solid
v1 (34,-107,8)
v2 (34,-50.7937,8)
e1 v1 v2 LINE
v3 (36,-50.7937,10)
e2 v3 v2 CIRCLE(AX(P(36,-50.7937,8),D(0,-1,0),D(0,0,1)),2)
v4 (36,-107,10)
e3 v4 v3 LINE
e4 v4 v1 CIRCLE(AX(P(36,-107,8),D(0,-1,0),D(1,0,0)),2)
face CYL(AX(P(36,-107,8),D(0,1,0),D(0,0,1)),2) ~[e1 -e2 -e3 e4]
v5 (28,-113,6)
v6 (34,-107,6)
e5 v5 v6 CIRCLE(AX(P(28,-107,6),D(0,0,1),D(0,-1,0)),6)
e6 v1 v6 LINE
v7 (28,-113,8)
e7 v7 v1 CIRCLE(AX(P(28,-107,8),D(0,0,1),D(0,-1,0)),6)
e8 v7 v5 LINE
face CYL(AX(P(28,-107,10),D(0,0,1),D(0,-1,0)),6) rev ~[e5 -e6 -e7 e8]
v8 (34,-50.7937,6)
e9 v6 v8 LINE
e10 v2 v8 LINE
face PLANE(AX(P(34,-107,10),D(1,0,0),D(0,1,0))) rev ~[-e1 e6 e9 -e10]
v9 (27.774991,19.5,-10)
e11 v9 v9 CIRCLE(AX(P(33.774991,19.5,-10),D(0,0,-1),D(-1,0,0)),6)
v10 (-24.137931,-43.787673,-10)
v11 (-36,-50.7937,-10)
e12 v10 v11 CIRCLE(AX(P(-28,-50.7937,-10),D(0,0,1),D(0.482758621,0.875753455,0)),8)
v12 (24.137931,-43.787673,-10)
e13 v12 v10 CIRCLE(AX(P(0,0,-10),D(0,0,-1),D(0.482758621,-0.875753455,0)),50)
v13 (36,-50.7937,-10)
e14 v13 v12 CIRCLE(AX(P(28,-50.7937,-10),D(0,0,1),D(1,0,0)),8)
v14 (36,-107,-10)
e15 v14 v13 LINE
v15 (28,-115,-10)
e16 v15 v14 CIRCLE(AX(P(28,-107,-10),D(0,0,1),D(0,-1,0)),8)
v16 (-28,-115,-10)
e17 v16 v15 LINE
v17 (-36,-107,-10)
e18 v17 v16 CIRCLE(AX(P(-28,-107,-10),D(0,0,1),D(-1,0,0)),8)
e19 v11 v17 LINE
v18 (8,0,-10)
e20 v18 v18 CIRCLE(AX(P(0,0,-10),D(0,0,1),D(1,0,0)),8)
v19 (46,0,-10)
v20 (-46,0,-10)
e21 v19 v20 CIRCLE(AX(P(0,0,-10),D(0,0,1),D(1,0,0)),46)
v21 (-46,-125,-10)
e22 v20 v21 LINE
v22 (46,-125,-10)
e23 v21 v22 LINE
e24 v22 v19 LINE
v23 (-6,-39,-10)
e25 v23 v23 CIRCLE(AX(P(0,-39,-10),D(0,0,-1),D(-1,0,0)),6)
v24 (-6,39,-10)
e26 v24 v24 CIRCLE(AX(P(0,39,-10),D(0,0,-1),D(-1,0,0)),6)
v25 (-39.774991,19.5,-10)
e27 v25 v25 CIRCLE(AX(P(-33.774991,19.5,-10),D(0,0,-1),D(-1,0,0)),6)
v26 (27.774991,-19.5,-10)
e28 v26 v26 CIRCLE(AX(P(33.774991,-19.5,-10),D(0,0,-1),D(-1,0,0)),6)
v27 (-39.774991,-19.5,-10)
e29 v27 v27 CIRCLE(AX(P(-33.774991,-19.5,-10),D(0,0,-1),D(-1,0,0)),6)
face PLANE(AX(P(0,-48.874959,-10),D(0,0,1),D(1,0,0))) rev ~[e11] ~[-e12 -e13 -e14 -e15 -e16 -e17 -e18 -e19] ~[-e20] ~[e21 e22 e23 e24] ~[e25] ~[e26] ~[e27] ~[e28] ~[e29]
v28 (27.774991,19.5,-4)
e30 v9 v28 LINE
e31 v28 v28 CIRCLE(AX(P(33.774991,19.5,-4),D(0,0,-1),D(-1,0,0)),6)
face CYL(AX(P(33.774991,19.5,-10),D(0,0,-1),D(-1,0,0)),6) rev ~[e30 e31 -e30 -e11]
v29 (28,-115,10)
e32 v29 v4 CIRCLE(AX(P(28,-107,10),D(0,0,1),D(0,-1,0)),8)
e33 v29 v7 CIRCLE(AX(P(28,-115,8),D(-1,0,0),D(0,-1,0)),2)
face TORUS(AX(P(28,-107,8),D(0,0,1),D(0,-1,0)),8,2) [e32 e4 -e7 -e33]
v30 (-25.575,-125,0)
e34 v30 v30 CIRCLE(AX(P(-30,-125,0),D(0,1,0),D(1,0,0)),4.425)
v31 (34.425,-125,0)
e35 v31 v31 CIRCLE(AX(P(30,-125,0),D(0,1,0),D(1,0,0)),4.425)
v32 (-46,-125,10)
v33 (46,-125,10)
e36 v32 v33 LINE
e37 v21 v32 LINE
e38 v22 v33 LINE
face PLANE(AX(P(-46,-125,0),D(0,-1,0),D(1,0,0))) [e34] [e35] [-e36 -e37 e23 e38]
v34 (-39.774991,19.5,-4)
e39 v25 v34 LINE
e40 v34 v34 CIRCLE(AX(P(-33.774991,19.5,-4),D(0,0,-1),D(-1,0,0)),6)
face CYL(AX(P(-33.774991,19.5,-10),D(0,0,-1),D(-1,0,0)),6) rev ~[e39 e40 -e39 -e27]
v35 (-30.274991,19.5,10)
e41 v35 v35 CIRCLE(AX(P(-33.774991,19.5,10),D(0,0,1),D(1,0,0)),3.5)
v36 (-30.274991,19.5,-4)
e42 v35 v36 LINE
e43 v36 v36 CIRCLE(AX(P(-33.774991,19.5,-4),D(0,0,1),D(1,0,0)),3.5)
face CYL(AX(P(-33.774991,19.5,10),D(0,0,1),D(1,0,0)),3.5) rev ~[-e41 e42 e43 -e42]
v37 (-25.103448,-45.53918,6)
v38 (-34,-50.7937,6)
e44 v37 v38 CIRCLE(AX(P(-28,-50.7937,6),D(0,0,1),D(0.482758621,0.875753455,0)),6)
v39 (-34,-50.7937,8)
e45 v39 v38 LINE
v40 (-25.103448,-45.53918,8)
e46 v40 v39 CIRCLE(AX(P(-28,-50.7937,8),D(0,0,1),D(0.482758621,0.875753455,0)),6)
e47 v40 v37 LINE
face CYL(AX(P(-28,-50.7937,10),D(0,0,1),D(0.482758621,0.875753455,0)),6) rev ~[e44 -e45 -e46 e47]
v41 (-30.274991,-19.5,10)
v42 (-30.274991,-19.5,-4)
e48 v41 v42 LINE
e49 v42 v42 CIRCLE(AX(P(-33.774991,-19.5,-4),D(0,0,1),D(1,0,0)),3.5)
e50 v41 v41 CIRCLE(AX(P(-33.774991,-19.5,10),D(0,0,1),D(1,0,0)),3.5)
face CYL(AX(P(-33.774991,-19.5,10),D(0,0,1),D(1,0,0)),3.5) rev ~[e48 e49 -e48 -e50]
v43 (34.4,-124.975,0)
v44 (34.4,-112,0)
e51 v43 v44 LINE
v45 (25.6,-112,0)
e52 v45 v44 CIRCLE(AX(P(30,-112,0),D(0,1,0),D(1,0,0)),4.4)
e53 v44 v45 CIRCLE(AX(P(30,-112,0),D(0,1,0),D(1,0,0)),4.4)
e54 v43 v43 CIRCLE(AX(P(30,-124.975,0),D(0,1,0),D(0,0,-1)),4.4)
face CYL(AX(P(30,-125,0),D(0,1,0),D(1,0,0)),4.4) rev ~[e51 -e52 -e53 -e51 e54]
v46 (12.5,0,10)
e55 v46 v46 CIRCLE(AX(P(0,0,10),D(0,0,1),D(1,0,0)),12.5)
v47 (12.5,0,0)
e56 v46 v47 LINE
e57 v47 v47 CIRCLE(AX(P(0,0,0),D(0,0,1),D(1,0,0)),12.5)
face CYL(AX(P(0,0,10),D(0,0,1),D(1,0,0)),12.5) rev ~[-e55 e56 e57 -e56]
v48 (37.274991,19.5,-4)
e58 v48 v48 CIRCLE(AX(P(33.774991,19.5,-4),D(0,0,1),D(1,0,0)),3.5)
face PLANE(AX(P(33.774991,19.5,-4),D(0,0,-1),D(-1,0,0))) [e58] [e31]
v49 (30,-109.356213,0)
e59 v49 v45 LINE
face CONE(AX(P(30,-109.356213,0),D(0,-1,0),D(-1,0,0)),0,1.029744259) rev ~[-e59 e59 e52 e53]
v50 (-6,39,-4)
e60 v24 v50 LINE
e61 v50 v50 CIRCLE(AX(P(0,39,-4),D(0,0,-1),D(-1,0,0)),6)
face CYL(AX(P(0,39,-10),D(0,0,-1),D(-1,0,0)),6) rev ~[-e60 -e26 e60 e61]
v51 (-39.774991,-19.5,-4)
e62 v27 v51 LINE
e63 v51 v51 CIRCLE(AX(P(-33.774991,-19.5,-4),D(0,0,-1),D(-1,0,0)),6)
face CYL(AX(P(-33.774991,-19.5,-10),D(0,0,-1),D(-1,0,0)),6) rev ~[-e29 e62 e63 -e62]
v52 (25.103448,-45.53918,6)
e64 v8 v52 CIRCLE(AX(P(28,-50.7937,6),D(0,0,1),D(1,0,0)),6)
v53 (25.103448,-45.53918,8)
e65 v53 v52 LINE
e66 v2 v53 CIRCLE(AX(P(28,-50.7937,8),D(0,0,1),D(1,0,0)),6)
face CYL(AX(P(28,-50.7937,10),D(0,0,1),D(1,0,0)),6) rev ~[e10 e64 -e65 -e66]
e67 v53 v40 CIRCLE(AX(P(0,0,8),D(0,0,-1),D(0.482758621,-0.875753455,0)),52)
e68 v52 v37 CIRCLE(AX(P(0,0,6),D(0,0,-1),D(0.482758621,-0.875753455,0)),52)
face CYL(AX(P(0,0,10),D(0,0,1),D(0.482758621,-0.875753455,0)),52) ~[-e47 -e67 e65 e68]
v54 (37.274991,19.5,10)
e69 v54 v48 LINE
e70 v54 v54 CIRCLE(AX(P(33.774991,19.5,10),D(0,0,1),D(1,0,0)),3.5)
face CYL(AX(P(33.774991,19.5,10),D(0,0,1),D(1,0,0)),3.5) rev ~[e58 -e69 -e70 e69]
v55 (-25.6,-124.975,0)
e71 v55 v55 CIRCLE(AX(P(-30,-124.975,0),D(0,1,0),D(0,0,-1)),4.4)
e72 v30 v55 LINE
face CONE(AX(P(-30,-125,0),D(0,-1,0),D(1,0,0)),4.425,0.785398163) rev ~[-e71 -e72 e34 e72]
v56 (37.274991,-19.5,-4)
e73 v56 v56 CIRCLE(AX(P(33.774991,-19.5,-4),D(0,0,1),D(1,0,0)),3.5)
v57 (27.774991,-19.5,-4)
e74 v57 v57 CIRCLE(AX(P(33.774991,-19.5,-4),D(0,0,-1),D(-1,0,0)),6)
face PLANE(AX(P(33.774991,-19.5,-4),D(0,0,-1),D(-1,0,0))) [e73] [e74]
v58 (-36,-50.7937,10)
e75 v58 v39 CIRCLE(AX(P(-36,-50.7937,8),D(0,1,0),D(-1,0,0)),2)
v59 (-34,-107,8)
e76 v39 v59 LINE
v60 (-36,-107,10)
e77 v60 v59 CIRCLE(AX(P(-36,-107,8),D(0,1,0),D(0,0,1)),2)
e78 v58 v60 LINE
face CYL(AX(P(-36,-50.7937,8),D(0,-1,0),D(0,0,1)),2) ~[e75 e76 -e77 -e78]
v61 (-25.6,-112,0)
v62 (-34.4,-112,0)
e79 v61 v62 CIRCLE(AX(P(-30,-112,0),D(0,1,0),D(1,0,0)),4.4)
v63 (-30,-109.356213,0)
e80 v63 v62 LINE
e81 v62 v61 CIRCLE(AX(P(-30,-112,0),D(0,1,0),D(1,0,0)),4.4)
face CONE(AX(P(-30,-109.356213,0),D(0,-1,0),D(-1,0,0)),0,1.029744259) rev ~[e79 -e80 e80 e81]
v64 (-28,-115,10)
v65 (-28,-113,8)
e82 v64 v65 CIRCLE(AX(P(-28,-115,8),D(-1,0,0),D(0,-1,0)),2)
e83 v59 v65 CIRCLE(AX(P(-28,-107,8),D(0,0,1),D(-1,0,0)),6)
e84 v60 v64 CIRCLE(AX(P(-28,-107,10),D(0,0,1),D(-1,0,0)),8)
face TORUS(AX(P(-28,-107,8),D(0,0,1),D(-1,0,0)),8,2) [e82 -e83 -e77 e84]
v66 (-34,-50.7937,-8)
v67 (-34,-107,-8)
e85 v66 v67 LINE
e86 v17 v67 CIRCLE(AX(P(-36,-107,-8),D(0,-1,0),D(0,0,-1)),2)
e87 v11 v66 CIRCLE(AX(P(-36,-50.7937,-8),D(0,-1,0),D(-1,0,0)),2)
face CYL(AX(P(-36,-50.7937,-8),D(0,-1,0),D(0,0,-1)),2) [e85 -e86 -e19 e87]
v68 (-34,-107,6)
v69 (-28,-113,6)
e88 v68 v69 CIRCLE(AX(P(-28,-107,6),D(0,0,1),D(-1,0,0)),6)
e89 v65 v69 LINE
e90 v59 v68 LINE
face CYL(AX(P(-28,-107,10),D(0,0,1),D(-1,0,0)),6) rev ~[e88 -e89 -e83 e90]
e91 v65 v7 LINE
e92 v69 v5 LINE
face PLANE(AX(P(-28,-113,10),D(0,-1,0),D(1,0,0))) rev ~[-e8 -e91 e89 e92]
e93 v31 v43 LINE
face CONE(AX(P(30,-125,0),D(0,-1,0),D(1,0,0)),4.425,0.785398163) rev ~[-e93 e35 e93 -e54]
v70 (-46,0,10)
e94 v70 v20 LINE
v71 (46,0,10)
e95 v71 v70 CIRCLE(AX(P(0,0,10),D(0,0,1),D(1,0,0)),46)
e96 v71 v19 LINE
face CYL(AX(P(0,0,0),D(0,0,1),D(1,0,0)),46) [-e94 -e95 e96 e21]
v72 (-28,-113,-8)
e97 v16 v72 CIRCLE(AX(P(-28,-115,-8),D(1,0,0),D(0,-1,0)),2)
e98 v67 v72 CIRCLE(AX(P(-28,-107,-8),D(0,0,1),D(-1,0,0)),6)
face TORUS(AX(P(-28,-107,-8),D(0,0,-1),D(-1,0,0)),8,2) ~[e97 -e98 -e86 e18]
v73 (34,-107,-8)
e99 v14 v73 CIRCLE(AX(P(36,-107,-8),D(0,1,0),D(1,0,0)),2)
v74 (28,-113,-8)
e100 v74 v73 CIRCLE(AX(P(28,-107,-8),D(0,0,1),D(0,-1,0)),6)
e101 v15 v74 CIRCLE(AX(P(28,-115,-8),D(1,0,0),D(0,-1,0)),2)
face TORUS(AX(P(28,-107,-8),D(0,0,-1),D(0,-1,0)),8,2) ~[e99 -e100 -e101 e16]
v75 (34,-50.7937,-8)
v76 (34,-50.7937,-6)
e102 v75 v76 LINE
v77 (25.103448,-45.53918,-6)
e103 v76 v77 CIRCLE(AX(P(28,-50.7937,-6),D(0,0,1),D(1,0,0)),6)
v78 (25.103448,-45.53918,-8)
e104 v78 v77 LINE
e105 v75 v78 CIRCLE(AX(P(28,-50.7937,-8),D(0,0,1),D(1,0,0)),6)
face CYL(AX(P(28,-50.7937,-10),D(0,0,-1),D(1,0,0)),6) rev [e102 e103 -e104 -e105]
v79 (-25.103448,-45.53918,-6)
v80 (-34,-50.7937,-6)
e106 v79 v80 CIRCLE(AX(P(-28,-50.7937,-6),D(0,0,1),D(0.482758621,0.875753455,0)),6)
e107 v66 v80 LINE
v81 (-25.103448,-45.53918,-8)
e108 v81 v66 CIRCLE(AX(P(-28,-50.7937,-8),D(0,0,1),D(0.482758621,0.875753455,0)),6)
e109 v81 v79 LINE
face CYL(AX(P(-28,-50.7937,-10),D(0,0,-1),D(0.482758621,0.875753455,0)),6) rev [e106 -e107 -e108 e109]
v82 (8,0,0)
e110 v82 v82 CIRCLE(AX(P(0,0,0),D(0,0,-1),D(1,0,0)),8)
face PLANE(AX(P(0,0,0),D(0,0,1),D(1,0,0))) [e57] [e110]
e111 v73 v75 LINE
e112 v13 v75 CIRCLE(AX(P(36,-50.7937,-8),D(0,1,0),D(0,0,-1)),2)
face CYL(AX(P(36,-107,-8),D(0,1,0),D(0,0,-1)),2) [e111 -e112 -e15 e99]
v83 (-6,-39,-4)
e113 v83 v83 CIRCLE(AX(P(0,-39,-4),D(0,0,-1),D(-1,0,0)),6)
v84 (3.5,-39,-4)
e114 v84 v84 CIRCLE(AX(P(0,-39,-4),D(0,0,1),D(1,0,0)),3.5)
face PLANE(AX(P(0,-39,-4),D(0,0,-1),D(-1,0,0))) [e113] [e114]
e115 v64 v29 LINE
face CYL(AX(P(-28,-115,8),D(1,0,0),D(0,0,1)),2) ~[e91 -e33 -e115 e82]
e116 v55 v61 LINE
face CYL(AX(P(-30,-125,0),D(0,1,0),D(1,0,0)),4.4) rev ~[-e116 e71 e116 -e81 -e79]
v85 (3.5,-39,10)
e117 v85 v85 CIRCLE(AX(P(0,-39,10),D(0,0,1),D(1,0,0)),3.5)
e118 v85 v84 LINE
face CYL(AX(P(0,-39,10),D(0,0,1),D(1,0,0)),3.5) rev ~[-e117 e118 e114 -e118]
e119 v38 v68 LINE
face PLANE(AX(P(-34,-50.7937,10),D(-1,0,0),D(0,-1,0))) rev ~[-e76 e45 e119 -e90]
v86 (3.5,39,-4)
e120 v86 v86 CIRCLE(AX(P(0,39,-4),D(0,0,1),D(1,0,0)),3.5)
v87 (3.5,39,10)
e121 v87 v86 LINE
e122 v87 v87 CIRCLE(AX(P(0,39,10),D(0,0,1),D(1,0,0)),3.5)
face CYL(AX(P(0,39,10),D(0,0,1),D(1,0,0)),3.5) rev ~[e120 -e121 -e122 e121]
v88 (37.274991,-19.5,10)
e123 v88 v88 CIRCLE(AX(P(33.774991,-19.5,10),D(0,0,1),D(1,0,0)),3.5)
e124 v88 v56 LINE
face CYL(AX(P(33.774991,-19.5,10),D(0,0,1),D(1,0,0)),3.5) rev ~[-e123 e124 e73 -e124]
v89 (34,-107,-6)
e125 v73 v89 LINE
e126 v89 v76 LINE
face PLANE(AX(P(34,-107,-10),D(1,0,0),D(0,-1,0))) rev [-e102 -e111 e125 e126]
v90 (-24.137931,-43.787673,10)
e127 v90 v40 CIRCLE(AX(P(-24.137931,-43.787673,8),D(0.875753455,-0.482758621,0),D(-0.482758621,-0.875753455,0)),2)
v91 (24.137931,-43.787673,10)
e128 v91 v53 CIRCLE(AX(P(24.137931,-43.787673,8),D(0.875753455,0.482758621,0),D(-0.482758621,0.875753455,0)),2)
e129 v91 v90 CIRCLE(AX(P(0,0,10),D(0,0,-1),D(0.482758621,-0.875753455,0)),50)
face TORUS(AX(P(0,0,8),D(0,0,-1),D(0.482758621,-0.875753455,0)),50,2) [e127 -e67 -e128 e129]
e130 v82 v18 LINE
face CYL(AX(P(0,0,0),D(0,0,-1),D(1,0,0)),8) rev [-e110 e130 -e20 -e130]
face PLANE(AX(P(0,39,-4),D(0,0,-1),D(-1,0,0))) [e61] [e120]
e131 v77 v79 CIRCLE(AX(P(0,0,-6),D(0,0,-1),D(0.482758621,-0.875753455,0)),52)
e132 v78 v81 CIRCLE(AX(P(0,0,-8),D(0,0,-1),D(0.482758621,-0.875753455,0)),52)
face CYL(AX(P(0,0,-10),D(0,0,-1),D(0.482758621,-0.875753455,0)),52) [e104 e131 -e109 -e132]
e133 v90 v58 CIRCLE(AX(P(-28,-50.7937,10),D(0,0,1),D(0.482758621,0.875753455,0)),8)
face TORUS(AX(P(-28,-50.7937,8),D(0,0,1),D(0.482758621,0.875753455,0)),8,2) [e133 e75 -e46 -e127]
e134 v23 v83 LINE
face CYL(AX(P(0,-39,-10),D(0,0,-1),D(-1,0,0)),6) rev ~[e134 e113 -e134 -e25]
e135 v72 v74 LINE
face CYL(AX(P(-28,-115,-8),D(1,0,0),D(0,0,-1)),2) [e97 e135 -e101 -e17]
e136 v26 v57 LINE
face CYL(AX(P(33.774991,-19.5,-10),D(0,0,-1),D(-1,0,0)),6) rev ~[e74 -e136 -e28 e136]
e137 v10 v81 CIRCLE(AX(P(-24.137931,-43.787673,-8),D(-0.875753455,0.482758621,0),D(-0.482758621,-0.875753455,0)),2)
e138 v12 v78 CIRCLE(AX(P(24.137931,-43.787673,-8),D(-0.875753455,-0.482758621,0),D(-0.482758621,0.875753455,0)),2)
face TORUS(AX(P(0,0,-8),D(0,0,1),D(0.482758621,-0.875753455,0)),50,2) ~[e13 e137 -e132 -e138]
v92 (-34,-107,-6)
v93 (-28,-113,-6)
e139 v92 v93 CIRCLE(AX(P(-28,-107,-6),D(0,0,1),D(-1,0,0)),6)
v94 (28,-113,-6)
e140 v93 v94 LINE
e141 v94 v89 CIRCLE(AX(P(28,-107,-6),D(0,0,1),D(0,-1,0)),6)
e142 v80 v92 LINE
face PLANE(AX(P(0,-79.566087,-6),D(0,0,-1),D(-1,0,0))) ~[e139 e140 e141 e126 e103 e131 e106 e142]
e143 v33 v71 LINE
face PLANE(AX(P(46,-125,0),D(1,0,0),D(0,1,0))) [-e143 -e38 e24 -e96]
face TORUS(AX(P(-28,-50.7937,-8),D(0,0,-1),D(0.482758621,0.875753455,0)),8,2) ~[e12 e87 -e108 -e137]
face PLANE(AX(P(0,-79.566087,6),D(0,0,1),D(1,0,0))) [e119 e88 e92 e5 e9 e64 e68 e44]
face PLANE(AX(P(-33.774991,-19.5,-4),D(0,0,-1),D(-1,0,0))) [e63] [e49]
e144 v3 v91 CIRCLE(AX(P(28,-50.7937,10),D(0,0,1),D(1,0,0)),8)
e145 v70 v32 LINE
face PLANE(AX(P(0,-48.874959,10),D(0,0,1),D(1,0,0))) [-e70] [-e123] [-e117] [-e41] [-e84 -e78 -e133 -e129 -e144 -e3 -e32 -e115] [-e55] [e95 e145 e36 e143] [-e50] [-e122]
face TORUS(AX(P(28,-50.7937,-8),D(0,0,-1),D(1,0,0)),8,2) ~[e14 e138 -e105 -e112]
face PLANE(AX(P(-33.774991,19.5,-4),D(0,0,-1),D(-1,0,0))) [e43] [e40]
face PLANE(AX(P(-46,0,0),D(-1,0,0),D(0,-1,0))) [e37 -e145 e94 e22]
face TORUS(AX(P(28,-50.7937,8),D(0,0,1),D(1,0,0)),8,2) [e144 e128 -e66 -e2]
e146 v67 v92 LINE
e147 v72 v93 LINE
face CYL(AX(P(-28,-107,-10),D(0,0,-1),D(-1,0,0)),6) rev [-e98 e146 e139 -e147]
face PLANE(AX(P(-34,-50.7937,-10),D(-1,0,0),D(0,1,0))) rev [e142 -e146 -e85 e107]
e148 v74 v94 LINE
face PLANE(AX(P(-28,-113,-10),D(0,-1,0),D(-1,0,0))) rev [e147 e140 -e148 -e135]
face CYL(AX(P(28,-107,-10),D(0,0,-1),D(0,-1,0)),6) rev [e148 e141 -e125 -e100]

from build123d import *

# Parameters (mm, degrees)
SKETCH1_R                               = 8
BOSS_EXTRUDE1_DEPTH                     = 10
SKETCH2_R                               = 12.5
CUT_EXTRUDE1_DEPTH                      = 10
SKETCH3_R                               = 3.5
CUT_EXTRUDE2_DEPTH                      = 21
SKETCH4_R                               = 6
CUT_EXTRUDE3_DEPTH                      = 6
CUT_EXTRUDE4_DEPTH                      = 4
FILLET1_R                               = 2
TAP_DRILL_FOR_M10X1_25_TAP1_D           = 8.8
TAP_DRILL_FOR_M10X1_25_TAP1_DEPTH       = 13
TAP_DRILL_FOR_M10X1_25_TAP1_CSINK_D     = 8.85
TAP_DRILL_FOR_M10X1_25_TAP1_CSINK_ANGLE = 90
TAP_DRILL_FOR_M10X1_25_TAP1_TIP         = 2.643786724
FILLET1_OF_MIRROR4_R                    = 2


with BuildPart() as part:
    # Sketch1 → Boss-Extrude1 (new body, symmetric)
    with BuildSketch(Plane.XY):
        with BuildLine():
            Line((-46, 0), (-46, -125))
            Line((-46, -125), (46, -125))
            Line((46, -125), (46, 0))
            ThreePointArc((46, 0), (0, 46), (-46, 0))
        make_face()
        Circle(SKETCH1_R, mode=Mode.SUBTRACT)
    extrude(amount=BOSS_EXTRUDE1_DEPTH, both=True)

    # Sketch2 → Cut-Extrude1 (cut)
    with BuildSketch(Plane.XY.offset(10)):
        Circle(SKETCH2_R)
    extrude(amount=-CUT_EXTRUDE1_DEPTH, mode=Mode.SUBTRACT)

    # Sketch3 → Cut-Extrude2 (cut, through all)
    with BuildSketch(Plane.XY.offset(10)):
        with Locations((0, 39)):
            Circle(SKETCH3_R)
        with Locations((33.774990748, 19.5)):
            Circle(SKETCH3_R)
        with Locations((33.774990748, -19.5)):
            Circle(SKETCH3_R)
        with Locations((0, -39)):
            Circle(SKETCH3_R)
        with Locations((-33.774990748, -19.5)):
            Circle(SKETCH3_R)
        with Locations((-33.774990748, 19.5)):
            Circle(SKETCH3_R)
    extrude(amount=-CUT_EXTRUDE2_DEPTH, mode=Mode.SUBTRACT)

    # Sketch4 → Cut-Extrude3 (cut)
    with BuildSketch(Plane(origin=(0, 0, -10), x_dir=(-1, 0, 0), z_dir=(0, 0, -1))):
        with Locations((0, 39)):
            Circle(SKETCH4_R)
        with Locations((33.774990748, 19.5)):
            Circle(SKETCH4_R)
        with Locations((33.774990748, -19.5)):
            Circle(SKETCH4_R)
        with Locations((0, -39)):
            Circle(SKETCH4_R)
        with Locations((-33.774990748, -19.5)):
            Circle(SKETCH4_R)
        with Locations((-33.774990748, 19.5)):
            Circle(SKETCH4_R)
    extrude(amount=-CUT_EXTRUDE3_DEPTH, mode=Mode.SUBTRACT)

    # Sketch5 → Cut-Extrude4 (cut)
    with BuildSketch(Plane.XY.offset(10)):
        with BuildLine():
            Line((-34, -50.793700397), (-34, -107))
            ThreePointArc((-34, -107), (-32.242640687, -111.242640687), (-28, -113))
            Line((-28, -113), (28, -113))
            ThreePointArc((28, -113), (32.242640687, -111.242640687), (34, -107))
            Line((34, -107), (34, -50.793700397))
            ThreePointArc((34, -50.793700397), (31.051285766, -45.627497229), (25.103448276, -45.539179666))
            ThreePointArc((25.103448276, -45.539179666), (0, -52), (-25.103448276, -45.539179666))
            ThreePointArc((-25.103448276, -45.539179666), (-31.051285766, -45.627497229), (-34, -50.793700397))
        make_face()
    cut_extrude4 = extrude(amount=-CUT_EXTRUDE4_DEPTH, mode=Mode.SUBTRACT)

    # Fillet1
    fillet1_edges = [part.edges().sort_by_distance(p)[0] for p in [
        (32.242640687, -111.242640687, 10),
        (34, -78.896850198, 10),
        (31.051285766, -45.627497229, 10),
        (0, -52, 10),
        (-31.051285766, -45.627497229, 10),
        (-34, -78.896850198, 10),
        (-32.242640687, -111.242640687, 10),
        (0, -113, 10),
    ]]
    fillet(fillet1_edges, radius=FILLET1_R)

    # Tap Drill for M10x1.25 Tap1
    with Locations(Plane(origin=(0, -125, 0), x_dir=(-1, 0, 0), z_dir=(0, -1, 0))):
        with Locations((30, 0), (-30, 0)):
            CounterSinkHole(TAP_DRILL_FOR_M10X1_25_TAP1_D / 2, TAP_DRILL_FOR_M10X1_25_TAP1_CSINK_D / 2, depth=TAP_DRILL_FOR_M10X1_25_TAP1_DEPTH, counter_sink_angle=TAP_DRILL_FOR_M10X1_25_TAP1_CSINK_ANGLE)
            with Locations((0, 0, -(TAP_DRILL_FOR_M10X1_25_TAP1_DEPTH + TAP_DRILL_FOR_M10X1_25_TAP1_TIP / 2))):  # 118° drill point
                Cone(0, TAP_DRILL_FOR_M10X1_25_TAP1_D / 2, TAP_DRILL_FOR_M10X1_25_TAP1_TIP, mode=Mode.SUBTRACT)

    # Mirror4: Cut-Extrude4 across plane
    add(cut_extrude4.mirror(Plane.XY), mode=Mode.SUBTRACT)

    # Fillet1 of Mirror4
    fillet1_of_mirror4_edges = [part.edges().sort_by_distance(p)[0] for p in [
        (32.242640687, -111.242640687, -10),
        (34, -78.896850198, -10),
        (31.051285766, -45.627497229, -10),
        (0, -52, -10),
        (-31.051285766, -45.627497229, -10),
        (-34, -78.896850198, -10),
        (-32.242640687, -111.242640687, -10),
        (0, -113, -10),
    ]]
    fillet(fillet1_of_mirror4_edges, radius=FILLET1_OF_MIRROR4_R)


solid = part.part
